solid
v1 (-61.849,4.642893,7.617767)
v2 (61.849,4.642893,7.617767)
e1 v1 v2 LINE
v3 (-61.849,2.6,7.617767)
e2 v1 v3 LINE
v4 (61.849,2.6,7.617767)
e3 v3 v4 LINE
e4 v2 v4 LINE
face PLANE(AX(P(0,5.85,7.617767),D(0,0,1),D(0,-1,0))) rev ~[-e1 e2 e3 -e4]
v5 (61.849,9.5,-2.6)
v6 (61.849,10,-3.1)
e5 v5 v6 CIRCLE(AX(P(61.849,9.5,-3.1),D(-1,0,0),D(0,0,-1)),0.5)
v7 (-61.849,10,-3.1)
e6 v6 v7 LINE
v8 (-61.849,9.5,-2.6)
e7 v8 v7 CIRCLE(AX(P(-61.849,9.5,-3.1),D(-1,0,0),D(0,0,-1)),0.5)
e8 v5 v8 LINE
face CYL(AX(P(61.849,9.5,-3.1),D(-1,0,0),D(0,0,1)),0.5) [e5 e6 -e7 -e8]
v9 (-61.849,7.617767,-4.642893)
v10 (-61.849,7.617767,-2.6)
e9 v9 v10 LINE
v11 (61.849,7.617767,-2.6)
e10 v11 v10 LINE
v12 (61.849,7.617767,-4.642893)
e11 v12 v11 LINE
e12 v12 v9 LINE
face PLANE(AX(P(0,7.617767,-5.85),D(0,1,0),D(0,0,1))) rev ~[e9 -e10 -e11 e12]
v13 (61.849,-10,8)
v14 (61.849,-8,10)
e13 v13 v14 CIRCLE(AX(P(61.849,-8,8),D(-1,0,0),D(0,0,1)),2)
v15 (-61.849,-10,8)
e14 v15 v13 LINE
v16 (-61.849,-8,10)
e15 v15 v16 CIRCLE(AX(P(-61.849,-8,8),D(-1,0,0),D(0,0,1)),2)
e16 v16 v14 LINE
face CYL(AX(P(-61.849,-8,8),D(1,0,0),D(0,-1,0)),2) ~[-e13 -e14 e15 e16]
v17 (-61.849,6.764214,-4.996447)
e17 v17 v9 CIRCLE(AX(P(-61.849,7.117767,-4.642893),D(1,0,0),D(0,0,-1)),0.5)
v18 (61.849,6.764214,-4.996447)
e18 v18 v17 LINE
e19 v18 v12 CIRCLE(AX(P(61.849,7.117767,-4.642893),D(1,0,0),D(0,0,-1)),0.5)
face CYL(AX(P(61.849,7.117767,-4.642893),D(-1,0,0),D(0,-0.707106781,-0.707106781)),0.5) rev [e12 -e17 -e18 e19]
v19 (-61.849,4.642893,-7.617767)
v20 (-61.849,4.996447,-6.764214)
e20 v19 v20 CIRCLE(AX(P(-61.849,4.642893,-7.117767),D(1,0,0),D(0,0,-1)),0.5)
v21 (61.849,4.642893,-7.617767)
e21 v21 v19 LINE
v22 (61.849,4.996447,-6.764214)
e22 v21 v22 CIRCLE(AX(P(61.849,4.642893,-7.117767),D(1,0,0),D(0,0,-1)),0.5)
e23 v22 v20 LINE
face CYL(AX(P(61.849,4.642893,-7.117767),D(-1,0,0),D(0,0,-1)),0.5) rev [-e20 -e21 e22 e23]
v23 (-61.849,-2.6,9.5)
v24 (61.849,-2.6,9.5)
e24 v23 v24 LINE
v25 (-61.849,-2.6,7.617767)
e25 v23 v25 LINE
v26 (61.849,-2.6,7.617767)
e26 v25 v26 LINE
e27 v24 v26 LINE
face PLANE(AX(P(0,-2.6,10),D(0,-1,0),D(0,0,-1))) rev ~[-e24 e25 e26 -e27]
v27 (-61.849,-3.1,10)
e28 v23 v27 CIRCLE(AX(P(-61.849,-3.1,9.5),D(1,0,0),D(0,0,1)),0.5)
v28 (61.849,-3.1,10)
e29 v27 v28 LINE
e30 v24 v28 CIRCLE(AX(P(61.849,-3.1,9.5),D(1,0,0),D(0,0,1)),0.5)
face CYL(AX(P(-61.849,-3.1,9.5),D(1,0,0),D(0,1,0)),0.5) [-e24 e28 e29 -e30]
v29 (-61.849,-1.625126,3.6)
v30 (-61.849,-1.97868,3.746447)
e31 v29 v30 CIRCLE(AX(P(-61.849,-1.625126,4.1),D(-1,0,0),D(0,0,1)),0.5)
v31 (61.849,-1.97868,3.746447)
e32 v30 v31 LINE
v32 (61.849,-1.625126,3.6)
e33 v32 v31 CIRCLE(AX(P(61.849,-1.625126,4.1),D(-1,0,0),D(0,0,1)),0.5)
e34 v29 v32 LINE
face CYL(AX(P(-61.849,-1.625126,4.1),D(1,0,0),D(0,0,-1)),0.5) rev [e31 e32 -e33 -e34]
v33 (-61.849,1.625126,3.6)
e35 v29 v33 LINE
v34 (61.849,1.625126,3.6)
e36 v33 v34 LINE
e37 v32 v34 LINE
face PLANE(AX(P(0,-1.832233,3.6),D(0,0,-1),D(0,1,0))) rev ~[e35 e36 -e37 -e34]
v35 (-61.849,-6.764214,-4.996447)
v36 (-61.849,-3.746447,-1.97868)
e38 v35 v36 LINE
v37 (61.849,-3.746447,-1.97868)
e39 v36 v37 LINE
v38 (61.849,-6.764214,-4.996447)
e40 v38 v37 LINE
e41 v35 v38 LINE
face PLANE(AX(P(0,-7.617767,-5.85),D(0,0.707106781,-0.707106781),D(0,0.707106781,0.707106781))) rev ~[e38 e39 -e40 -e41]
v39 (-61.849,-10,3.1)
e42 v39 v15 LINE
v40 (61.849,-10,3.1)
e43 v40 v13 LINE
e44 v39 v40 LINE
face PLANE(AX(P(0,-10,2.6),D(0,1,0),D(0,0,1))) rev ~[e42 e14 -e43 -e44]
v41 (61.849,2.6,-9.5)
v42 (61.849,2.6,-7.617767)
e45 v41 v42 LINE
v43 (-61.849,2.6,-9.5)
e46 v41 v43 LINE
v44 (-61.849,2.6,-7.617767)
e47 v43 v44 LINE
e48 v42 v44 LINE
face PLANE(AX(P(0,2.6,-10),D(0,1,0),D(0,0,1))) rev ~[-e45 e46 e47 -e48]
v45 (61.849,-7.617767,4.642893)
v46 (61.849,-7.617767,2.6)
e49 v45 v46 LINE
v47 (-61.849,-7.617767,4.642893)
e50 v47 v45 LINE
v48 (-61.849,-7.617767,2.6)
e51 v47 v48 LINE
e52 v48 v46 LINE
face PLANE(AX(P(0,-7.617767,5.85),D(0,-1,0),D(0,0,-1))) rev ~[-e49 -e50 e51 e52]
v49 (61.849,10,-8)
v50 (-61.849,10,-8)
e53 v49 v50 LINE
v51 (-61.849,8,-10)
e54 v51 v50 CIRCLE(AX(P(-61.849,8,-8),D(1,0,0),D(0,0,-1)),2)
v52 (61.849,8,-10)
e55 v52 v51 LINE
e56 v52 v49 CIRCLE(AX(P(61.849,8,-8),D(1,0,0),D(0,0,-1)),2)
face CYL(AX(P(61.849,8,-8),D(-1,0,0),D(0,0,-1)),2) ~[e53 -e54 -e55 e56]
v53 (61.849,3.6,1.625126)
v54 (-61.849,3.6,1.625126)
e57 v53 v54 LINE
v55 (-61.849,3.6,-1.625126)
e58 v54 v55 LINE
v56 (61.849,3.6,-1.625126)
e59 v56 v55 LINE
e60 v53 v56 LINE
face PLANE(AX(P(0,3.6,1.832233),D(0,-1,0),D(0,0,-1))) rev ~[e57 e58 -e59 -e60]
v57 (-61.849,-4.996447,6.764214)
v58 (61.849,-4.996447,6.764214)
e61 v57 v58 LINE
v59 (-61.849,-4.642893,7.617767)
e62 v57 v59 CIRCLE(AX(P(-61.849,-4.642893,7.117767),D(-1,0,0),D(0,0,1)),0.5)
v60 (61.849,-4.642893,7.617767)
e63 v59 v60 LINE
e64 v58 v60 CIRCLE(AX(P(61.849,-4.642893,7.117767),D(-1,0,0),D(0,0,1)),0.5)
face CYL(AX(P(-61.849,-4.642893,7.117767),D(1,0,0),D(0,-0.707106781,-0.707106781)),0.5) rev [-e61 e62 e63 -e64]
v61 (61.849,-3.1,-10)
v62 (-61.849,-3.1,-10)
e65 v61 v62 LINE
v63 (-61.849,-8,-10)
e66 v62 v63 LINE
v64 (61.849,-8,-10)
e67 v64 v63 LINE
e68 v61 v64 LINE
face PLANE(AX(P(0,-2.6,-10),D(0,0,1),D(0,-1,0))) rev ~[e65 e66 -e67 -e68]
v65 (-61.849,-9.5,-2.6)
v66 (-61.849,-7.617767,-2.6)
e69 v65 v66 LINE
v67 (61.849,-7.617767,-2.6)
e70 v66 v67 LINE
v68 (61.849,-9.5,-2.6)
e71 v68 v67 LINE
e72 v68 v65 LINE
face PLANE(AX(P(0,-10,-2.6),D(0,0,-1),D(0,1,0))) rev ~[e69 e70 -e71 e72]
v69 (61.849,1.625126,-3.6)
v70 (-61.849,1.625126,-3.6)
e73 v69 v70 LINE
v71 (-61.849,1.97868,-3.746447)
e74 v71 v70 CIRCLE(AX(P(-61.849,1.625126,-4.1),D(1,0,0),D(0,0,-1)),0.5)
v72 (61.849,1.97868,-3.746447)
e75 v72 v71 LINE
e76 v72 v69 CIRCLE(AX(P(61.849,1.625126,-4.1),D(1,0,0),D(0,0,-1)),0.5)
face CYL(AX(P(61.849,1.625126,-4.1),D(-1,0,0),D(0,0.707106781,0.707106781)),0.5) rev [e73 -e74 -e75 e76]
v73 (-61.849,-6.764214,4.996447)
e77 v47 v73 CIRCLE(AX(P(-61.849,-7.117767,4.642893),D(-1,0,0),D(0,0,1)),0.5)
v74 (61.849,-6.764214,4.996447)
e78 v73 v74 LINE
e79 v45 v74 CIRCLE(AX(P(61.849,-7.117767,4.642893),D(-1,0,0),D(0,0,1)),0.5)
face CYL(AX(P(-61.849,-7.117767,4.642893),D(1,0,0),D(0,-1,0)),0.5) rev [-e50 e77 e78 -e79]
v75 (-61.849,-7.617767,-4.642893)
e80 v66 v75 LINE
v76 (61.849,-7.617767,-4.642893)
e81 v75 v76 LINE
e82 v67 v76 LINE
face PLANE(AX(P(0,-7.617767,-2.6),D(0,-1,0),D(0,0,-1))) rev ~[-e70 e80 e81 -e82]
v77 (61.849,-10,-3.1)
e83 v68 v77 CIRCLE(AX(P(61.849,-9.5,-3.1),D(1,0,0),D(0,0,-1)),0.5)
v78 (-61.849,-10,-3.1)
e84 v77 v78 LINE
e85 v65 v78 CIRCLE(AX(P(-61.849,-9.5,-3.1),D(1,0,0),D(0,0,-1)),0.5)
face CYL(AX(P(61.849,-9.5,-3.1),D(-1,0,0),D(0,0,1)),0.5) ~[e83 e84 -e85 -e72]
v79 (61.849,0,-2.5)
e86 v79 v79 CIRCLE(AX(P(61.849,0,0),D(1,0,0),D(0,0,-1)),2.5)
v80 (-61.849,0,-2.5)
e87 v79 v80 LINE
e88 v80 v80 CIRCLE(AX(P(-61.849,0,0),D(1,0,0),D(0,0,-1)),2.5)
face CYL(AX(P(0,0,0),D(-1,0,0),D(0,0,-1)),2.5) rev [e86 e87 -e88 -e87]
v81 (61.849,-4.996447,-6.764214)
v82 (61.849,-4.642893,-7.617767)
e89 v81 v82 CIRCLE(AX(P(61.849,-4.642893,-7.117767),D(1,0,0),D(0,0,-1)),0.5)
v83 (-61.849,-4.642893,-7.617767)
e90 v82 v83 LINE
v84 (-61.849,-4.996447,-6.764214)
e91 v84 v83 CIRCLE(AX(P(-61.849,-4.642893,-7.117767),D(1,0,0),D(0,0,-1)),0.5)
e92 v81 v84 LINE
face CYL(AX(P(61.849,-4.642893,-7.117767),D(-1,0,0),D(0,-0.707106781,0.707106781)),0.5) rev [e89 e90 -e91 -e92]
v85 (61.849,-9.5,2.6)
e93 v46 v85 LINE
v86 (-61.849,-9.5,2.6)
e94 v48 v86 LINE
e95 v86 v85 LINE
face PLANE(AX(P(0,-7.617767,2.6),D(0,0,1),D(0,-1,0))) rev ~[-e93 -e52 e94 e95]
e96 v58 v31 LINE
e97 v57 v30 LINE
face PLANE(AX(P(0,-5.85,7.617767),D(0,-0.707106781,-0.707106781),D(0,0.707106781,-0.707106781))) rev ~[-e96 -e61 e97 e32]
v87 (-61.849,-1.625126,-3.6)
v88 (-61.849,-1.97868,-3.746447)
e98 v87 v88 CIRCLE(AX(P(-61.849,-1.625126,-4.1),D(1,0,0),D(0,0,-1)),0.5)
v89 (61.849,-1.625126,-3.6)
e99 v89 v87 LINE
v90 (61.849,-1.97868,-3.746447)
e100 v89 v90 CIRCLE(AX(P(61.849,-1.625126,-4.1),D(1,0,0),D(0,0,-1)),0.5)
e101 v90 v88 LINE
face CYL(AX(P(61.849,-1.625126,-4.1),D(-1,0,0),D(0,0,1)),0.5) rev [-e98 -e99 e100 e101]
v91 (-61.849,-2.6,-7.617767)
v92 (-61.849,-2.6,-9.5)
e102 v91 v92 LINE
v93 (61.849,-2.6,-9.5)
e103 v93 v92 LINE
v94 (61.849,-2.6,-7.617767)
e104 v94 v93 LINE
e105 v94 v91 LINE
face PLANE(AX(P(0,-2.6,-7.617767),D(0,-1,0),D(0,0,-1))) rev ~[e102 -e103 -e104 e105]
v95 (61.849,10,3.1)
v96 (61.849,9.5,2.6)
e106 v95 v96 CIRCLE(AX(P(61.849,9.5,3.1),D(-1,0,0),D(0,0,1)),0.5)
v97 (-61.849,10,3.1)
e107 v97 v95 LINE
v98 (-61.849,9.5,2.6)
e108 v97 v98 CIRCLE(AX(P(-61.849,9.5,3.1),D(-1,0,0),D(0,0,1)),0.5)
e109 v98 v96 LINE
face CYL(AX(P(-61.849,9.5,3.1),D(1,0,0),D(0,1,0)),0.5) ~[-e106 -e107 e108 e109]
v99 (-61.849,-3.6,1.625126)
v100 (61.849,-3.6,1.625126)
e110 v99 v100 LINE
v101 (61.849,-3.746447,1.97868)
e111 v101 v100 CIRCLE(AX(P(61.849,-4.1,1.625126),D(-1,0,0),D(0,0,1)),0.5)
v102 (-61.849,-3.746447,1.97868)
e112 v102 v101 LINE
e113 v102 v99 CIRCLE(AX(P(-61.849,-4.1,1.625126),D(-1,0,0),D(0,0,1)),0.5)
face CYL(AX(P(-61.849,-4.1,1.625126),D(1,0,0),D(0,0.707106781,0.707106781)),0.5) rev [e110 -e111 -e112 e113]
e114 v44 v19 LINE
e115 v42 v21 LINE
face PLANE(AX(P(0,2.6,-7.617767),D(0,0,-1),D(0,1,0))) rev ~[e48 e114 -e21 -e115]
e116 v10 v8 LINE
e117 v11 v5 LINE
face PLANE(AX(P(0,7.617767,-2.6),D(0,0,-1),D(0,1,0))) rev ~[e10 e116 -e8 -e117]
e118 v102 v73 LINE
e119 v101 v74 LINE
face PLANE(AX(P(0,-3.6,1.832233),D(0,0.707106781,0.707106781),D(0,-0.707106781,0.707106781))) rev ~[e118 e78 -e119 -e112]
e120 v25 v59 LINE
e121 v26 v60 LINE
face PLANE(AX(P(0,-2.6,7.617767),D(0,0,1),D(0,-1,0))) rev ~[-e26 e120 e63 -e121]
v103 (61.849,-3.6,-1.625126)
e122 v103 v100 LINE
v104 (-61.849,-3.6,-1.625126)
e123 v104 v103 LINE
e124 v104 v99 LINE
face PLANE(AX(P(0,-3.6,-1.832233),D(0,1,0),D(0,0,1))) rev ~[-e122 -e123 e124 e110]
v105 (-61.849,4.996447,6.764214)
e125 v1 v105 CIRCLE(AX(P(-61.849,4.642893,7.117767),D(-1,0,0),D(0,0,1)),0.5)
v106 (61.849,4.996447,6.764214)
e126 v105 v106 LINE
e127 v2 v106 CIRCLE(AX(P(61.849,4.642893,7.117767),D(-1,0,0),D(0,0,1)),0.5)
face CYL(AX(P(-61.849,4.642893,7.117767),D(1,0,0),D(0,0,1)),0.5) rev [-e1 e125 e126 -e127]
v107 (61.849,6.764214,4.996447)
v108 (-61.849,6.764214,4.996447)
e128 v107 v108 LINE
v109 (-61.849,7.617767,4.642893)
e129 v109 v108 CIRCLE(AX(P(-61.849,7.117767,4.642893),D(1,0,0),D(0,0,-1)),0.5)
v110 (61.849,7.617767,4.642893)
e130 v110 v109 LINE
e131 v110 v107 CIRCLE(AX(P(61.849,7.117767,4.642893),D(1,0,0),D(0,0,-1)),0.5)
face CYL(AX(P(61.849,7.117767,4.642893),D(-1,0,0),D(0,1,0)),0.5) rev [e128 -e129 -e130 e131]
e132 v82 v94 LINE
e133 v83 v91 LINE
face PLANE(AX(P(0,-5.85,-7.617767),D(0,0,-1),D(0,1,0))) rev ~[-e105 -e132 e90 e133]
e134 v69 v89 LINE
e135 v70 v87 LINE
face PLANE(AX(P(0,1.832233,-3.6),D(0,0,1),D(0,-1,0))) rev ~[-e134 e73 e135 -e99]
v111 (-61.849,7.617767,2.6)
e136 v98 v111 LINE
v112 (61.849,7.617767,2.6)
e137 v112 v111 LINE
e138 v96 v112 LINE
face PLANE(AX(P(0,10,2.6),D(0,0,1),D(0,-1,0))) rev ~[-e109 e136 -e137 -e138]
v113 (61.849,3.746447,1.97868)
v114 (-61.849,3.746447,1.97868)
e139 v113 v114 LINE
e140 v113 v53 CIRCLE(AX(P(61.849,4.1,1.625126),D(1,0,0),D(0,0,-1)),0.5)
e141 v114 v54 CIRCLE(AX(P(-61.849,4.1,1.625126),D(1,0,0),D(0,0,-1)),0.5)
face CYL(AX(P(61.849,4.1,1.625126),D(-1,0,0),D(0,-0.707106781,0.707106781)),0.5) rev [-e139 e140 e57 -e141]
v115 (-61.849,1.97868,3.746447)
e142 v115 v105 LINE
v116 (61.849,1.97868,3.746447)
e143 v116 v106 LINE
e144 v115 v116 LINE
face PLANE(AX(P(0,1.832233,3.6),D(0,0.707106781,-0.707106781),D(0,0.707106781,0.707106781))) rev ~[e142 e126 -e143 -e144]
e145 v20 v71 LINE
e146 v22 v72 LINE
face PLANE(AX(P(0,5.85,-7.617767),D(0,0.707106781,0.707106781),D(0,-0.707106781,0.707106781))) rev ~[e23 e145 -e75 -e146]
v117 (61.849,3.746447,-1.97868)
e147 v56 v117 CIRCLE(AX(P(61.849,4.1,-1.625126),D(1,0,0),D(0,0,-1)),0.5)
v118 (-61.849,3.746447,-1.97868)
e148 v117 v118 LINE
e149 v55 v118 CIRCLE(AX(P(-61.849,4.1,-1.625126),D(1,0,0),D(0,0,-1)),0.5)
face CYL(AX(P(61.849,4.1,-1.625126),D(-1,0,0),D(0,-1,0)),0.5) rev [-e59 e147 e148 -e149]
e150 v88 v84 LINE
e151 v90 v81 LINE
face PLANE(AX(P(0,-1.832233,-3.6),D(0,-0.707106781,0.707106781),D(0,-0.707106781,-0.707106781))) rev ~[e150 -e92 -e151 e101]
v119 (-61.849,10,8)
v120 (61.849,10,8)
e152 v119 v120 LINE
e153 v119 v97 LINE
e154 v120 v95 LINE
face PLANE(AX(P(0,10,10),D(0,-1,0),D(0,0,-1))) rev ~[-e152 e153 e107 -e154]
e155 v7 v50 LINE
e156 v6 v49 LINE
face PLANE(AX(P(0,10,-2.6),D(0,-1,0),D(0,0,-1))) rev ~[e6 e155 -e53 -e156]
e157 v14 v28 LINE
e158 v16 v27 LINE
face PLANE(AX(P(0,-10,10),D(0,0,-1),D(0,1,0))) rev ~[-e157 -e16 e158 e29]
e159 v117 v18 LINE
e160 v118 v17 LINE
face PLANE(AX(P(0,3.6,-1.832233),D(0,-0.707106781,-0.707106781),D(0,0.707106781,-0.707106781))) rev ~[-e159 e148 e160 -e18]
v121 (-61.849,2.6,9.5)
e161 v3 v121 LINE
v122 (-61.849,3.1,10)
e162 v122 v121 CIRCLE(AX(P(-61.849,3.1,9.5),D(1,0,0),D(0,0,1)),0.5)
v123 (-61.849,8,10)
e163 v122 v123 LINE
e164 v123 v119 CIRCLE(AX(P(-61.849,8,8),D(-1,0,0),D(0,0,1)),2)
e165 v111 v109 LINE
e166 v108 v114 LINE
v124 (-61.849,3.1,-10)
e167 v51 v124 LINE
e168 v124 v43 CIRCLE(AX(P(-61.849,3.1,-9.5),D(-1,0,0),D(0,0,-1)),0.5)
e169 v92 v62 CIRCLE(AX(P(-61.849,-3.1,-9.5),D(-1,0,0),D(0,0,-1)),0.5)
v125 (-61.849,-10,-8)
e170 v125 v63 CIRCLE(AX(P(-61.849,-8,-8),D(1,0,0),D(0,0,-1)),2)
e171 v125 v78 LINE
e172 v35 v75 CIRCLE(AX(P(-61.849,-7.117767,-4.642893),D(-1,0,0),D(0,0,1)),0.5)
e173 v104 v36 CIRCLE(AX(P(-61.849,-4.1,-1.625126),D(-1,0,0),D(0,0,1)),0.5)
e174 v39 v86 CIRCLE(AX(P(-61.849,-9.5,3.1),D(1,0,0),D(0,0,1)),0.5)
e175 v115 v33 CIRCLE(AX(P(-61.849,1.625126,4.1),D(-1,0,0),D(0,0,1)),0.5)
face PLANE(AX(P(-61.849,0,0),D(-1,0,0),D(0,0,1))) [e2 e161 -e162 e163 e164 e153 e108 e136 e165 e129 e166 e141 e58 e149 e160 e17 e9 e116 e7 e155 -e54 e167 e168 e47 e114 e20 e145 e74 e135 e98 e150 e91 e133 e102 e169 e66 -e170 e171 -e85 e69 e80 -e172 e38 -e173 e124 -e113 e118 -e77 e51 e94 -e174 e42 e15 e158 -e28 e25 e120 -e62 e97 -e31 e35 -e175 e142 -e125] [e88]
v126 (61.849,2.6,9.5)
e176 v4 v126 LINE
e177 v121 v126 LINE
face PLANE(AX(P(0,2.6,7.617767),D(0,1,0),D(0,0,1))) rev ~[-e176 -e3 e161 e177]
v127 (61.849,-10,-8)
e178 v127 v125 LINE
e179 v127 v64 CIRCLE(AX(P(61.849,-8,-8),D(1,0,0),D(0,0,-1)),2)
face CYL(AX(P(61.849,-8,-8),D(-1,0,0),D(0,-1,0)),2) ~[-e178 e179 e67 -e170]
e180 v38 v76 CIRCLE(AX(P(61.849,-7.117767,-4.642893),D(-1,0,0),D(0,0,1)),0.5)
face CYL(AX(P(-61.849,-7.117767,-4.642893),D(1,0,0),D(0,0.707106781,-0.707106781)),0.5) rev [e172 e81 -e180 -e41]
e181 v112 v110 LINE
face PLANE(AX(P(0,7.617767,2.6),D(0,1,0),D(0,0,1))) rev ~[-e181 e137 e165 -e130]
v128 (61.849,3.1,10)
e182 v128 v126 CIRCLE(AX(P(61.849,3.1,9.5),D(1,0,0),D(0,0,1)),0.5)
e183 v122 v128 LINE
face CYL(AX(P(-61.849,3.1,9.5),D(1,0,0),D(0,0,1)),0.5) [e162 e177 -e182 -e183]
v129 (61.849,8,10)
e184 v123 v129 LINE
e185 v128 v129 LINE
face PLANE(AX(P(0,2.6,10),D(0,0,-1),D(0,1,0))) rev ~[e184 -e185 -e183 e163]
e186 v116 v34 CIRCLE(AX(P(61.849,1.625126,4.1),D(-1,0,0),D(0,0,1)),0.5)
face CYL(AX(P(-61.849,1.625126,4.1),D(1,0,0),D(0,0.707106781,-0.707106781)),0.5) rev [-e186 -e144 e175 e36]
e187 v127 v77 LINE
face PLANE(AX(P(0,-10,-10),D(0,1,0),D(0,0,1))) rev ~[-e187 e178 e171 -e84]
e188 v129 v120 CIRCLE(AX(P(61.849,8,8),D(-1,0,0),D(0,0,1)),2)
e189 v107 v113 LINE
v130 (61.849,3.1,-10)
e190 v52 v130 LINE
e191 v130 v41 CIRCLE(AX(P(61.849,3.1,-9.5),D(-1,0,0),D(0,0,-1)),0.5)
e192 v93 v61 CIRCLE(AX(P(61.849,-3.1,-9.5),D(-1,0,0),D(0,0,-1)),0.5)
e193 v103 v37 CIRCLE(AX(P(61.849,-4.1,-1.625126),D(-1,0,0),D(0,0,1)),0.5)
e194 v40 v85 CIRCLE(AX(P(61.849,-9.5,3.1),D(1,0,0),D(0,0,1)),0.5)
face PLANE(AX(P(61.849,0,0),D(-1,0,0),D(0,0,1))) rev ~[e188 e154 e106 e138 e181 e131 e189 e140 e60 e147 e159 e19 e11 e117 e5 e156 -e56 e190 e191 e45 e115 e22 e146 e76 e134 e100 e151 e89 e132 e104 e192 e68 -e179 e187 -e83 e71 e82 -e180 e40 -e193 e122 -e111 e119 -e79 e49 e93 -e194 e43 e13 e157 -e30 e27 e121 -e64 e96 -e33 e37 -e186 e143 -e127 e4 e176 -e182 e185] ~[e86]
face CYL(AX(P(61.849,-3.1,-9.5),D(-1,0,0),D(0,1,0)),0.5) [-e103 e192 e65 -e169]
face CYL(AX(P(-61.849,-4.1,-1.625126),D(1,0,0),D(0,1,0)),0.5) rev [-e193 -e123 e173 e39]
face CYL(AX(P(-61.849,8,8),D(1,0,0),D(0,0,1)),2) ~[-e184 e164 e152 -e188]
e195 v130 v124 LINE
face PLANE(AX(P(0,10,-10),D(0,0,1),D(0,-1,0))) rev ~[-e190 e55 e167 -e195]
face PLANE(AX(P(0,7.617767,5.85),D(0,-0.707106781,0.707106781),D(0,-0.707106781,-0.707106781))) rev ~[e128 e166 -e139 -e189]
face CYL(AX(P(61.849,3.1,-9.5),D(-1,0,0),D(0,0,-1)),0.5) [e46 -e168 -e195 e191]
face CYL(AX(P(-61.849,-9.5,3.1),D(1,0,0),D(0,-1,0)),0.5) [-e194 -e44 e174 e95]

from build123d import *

# Parameters (mm, degrees)
SKETCH1_R           = 2.5
BOSS_EXTRUDE1_DEPTH = 61.849
FILLET1_R           = 2
FILLET2_R           = 0.5


with BuildPart() as part:
    # Sketch1 → Boss-Extrude1 (new body, symmetric)
    with BuildSketch(Plane(origin=(0, 0, 0), x_dir=(0, 0, -1), z_dir=(1, 0, 0))):
        Polygon((-2.6, 10), (-2.6, 7.617766953), (-5.85, 7.617766953), (-1.832233047, 3.6), (1.832233047, 3.6), (5.85, 7.617766953), (2.6, 7.617766953), (2.6, 10), (10, 10), (10, 2.6), (7.617766953, 2.6), (7.617766953, 5.85), (3.6, 1.832233047), (3.6, -1.832233047), (7.617766953, -5.85), (7.617766953, -2.6), (10, -2.6), (10, -10), (2.6, -10), (2.6, -7.617766953), (5.85, -7.617766953), (1.832233047, -3.6), (-1.832233047, -3.6), (-5.85, -7.617766953), (-2.6, -7.617766953), (-2.6, -10), (-10, -10), (-10, -2.6), (-7.617766953, -2.6), (-7.617766953, -5.85), (-3.6, -1.832233047), (-3.6, 1.832233047), (-7.617766953, 5.85), (-7.617766953, 2.6), (-10, 2.6), (-10, 10), align=None)
        Circle(SKETCH1_R, mode=Mode.SUBTRACT)
    extrude(amount=BOSS_EXTRUDE1_DEPTH, both=True)

    # Fillet1
    fillet1_edges = [part.edges().sort_by_distance(p)[0] for p in [
        (0, 10, 10),
        (0, 10, -10),
        (0, -10, -10),
        (0, -10, 10),
    ]]
    fillet(fillet1_edges, radius=FILLET1_R)

    # Fillet2
    fillet2_edges = [part.edges().sort_by_distance(p)[0] for p in [
        (0, 10, 2.6),
        (0, 7.617766953, 5.85),
        (0, 3.6, 1.832233047),
        (0, 3.6, -1.832233047),
        (0, 7.617766953, -5.85),
        (0, 10, -2.6),
        (0, 2.6, -10),
        (0, 5.85, -7.617766953),
        (0, 1.832233047, -3.6),
        (0, -1.832233047, -3.6),
        (0, -5.85, -7.617766953),
        (0, -2.6, -10),
        (0, -10, -2.6),
        (0, -7.617766953, -5.85),
        (0, -3.6, -1.832233047),
        (0, -3.6, 1.832233047),
        (0, -7.617766953, 5.85),
        (0, -10, 2.6),
        (0, -2.6, 10),
        (0, -5.85, 7.617766953),
        (0, -1.832233047, 3.6),
        (0, 1.832233047, 3.6),
        (0, 5.85, 7.617766953),
        (0, 2.6, 10),
    ]]
    fillet(fillet2_edges, radius=FILLET2_R)


solid = part.part
